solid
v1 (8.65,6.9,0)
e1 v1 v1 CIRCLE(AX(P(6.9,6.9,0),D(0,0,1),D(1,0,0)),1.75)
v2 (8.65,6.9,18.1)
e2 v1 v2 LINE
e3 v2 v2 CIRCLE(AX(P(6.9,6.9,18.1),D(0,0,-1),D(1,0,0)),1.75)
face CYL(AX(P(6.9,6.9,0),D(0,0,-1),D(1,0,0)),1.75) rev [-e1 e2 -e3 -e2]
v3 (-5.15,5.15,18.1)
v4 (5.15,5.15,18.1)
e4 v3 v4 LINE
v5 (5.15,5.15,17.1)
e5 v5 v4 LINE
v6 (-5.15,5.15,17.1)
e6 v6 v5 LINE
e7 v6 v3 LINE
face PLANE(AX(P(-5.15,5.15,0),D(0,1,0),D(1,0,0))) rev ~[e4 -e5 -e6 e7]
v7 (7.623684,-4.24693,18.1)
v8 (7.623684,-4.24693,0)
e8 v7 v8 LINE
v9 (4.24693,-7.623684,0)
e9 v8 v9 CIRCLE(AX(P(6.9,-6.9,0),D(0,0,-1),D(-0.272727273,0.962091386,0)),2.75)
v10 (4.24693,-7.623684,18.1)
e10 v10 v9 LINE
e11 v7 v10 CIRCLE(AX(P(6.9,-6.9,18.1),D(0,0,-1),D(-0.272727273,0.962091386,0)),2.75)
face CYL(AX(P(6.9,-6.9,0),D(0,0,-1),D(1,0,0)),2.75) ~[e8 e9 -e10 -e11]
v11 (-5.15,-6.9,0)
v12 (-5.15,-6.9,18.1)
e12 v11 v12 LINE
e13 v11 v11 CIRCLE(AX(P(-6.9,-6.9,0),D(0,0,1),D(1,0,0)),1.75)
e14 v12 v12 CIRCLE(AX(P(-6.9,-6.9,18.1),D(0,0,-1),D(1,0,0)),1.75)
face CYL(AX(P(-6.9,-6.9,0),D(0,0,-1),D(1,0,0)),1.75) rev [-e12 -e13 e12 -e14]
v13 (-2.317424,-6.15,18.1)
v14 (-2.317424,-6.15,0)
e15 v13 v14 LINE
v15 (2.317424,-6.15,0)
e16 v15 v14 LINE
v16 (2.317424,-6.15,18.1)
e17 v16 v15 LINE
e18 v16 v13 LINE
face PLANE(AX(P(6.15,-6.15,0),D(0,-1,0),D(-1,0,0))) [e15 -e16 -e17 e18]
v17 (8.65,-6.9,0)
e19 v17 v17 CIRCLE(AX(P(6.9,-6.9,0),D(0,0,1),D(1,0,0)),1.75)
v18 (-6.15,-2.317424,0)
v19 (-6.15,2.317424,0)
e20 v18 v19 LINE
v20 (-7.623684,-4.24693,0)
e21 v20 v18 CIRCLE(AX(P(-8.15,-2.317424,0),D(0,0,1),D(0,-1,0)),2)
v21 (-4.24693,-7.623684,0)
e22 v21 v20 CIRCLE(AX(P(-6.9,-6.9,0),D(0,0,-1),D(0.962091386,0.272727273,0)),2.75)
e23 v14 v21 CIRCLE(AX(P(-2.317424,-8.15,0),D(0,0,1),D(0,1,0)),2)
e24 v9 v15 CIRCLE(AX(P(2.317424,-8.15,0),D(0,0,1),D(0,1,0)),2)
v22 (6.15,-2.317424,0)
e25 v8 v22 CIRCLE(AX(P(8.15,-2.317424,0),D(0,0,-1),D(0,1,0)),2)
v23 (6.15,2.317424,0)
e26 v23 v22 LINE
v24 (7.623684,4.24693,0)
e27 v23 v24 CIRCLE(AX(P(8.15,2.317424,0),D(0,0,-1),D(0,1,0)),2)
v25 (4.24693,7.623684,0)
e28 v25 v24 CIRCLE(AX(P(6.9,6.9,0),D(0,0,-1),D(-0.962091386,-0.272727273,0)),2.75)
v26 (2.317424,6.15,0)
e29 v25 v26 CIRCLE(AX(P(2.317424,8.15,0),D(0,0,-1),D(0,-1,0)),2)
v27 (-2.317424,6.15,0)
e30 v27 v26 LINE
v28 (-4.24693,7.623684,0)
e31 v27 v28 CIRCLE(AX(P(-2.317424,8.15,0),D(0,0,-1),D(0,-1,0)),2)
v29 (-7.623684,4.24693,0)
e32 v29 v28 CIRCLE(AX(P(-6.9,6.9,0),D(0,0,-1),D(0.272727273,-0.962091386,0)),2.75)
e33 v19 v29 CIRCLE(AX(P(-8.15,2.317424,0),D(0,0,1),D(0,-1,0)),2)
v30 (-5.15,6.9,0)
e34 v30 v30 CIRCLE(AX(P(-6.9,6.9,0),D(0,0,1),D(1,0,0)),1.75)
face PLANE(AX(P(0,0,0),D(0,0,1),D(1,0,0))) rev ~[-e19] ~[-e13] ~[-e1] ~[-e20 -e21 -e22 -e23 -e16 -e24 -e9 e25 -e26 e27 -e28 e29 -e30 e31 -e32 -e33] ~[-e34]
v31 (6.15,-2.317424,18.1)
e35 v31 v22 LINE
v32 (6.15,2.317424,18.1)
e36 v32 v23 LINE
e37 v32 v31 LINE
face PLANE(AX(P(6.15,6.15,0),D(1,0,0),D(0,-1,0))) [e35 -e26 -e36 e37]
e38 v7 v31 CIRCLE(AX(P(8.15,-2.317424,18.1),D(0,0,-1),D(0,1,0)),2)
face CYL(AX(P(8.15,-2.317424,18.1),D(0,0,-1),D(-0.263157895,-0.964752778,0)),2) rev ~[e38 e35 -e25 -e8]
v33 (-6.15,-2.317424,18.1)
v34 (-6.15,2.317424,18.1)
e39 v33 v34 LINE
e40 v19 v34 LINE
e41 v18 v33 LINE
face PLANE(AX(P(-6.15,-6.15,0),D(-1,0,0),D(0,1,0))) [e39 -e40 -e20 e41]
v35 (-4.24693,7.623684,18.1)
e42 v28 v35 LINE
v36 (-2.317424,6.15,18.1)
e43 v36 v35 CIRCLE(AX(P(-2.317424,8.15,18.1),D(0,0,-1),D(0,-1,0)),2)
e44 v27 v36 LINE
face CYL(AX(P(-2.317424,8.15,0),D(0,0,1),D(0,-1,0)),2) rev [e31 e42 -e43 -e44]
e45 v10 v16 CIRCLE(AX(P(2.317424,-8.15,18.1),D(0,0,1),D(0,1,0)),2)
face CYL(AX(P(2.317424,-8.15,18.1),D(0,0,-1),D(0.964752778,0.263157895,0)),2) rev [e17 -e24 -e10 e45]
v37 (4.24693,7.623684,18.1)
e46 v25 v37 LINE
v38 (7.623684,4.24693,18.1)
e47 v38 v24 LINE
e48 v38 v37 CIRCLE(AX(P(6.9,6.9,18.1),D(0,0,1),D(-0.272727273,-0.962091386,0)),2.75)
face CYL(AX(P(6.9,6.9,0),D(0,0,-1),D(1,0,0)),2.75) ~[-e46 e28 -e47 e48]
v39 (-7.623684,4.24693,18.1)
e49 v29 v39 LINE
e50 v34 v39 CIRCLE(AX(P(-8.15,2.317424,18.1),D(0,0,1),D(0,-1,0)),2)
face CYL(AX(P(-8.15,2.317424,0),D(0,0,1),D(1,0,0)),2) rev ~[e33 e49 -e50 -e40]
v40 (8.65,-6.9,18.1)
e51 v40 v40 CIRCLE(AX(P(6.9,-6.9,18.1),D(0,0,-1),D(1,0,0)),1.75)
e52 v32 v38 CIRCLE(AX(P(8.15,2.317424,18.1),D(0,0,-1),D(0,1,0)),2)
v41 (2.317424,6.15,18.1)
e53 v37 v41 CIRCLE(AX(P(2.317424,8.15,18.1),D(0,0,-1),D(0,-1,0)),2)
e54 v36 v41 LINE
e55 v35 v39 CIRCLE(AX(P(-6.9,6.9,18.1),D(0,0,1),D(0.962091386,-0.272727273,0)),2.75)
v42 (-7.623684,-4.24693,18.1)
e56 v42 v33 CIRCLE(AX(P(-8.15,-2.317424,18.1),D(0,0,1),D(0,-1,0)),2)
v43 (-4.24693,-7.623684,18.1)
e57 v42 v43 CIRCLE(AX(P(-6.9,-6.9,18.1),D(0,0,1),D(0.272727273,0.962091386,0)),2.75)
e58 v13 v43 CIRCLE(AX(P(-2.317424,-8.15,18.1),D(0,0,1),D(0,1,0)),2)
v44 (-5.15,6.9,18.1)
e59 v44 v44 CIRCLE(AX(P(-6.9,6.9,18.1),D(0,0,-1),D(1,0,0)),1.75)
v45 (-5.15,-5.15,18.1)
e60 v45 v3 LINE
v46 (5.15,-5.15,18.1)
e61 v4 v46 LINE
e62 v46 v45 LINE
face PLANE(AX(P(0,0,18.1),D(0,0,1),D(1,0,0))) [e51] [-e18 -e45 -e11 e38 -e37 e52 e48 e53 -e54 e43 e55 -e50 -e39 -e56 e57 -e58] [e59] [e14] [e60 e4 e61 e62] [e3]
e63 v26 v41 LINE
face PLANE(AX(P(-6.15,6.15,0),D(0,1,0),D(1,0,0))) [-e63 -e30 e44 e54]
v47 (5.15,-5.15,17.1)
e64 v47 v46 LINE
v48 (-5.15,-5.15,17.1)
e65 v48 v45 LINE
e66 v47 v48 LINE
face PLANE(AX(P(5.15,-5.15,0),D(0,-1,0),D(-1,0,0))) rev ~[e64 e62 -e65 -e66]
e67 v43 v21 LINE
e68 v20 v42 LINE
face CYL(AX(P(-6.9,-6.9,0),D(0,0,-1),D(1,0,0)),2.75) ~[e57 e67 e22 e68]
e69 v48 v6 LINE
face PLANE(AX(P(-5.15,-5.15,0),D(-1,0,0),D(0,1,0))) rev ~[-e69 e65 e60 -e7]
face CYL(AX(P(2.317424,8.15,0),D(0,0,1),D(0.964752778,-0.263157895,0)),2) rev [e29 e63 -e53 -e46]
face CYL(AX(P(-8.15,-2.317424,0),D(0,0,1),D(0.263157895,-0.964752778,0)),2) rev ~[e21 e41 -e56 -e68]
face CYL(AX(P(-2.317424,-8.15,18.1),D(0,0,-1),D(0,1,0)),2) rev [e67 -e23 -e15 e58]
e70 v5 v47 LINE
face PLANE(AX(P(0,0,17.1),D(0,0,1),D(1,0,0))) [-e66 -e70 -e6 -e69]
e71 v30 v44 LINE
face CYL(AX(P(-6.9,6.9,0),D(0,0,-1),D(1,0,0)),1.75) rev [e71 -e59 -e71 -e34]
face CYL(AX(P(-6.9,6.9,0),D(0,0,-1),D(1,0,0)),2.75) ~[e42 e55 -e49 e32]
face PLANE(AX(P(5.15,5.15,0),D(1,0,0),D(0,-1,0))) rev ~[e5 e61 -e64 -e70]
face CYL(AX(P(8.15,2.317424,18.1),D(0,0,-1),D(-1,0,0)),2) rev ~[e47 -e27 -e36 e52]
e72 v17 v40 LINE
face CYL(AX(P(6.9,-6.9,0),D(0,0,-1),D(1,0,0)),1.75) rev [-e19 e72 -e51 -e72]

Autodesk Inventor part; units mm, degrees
ref_plane "YZ Plane" through (0, 0, 0) normal (1, 0, 0) x (0, 1, 0)
ref_plane "XZ Plane" through (0, 0, 0) normal (0, 1, 0) x (-1, 0, 0)
ref_plane "XY Plane" through (0, 0, 0) normal (0, 0, 1) x (1, 0, 0)
sketch "Sketch1" plane through (0, 0, 0) normal (0, 0, 1) x (1, 0, 0)
  line L0 (6.15, -6.15) -> (-6.15, -6.15)
  line L1 (-6.15, -6.15) -> (-6.15, 6.15)
  line L2 (-6.15, 6.15) -> (6.15, 6.15)
  line L3 (6.15, 6.15) -> (6.15, -6.15)
  line L4 (6.15, -6.15) -> (-6.15, 6.15) construction
  line L5 (-6.15, -6.15) -> (6.15, 6.15) construction
  line L6 (5.15, -5.15) -> (-5.15, -5.15)
  line L7 (-5.15, -5.15) -> (-5.15, 5.15)
  line L8 (-5.15, 5.15) -> (5.15, 5.15)
  line L9 (5.15, 5.15) -> (5.15, -5.15)
  line L10 (5.15, -5.15) -> (-5.15, 5.15) construction
  line L11 (-5.15, -5.15) -> (5.15, 5.15) construction
  point P0 (0, 0)
  dimension "d0" = 12.3
  dimension "d1" = 12.3
  dimension "d2" = 10.3
extrude "Extrusion1" add sketch "Sketch1" along normal blind 17.1 contours L6 L7 L8 L9
extrude "Extrusion2" add sketch "Sketch1" along normal blind 18.1
sketch "Sketch2" plane through (0, 0, 0) normal (0, 0, 1) x (1, 0, 0)
  line L0 (-6.15, 6.15) -> (-6.15, -6.15) construction
  line L1 (-6.15, 0) -> (6.15, 0)
  line L2 (6.15, -6.15) -> (6.15, 6.15) construction
  line L3 (6.15, 6.15) -> (-6.15, 6.15) construction
  line L4 (0, 6.15) -> (0, -6.15)
  line L5 (-6.15, -6.15) -> (6.15, -6.15) construction
  point P0 (0, 0)
sketch "Sketch3" plane through (0, 0, 0) normal (0, 0, 1) x (1, 0, 0)
  circle A0 centre (-6.9, 6.9) radius 1.75
  line L0 (-11.15, -11.15) -> (11.15, -11.15) construction
  line L1 (11.15, -11.15) -> (11.15, 11.15) construction
  line L2 (11.15, 11.15) -> (-11.15, 11.15) construction
  line L3 (-11.15, 11.15) -> (-11.15, -11.15) construction
  line L4 (-11.15, -11.15) -> (11.15, 11.15) construction
  line L5 (11.15, -11.15) -> (-11.15, 11.15) construction
  line L6 (-6.15, 6.15) -> (-6.15, -6.15) projected
  line L7 (6.15, 6.15) -> (-6.15, 6.15) projected
  line L8 (-5.15, 5.15) -> (5.15, 5.15) projected
  circle A1 centre (6.9, 6.9) radius 1.75
  circle A2 centre (-6.9, -6.9) radius 1.75
  circle A3 centre (6.9, -6.9) radius 1.75
  line L9 (5.15, -5.15) -> (-5.15, -5.15) projected
  circle A4 centre (-6.9, 6.9) radius 2.75
  circle A5 centre (6.9, 6.9) radius 2.75
  circle A6 centre (6.9, -6.9) radius 2.75
  circle A7 centre (-6.9, -6.9) radius 2.75
  line L10 (5.15, 5.15) -> (-5.15, 5.15) projected
  line L11 (-5.15, 5.15) -> (-5.15, -5.15) projected
  line L12 (-5.15, -5.15) -> (5.15, -5.15) projected
  line L13 (5.15, -5.15) -> (5.15, 5.15) projected
  point P0 (0, 0)
  point P1 (0, 0)
  point P2 (-4.2542, 6.15)
  point P3 (-6.15, 4.2542)
  point P4 (-5.3189, 6.15)
  point P5 (-6.15, 5.3189)
  point P6 (-4.7787, -5.15)
  point P7 (-5.15, -4.7787)
  point P8 (5.15, -4.7787)
  point P9 (4.7787, -5.15)
  point P10 (-5.15, 4.7787)
  point P11 (-4.7787, 5.15)
  point P12 (4.7787, 5.15)
  point P13 (5.15, 5.15)
  point P14 (5.15, 4.7787)
  dimension "d19" = 3.5
  dimension "d20" = 5
  dimension "d21" = 5
  dimension "d22" = 3.5
  dimension "d23" = 3.5
  dimension "d24" = 3.5
  dimension "d25" = 5.5
  dimension "d26" = 5.5
  dimension "d27" = 5.5
  dimension "d28" = 5.5
extrude "Extrusion4" add sketch "Sketch3" along normal up to surface (18.1 mm away) contours A0 L7 L6 | A0 L6 A4 L7 | L6 L7 A0 | A0 L7 A4 L8 L11 L6 | A2 | A7 L11 L9 | A1 | A5 L13 L8 | L9 L13 A6 | A3 picked at (-4.5292, -7.2681) picked at (5.5596, 5.0279) picked at (4.9749, -5.6466)
extrude "Extrusion5" cut sketch "Sketch3" along normal up to next contours A0 L7 L6 | L6 L7 A0 | A2 | A1 | A3
fillet "Fillet1" radius 2 8 edges at (-4.2542, -6.15, 9.05) (-6.15, -4.2542, 9.05) (-6.15, 4.2542, 9.05) (-4.2542, 6.15, 9.05) (4.2542, 6.15, 9.05) (6.15, 4.2542, 9.05) (6.15, -4.2542, 9.05) (4.2542, -6.15, 9.05)
properties part number "base_cube"
